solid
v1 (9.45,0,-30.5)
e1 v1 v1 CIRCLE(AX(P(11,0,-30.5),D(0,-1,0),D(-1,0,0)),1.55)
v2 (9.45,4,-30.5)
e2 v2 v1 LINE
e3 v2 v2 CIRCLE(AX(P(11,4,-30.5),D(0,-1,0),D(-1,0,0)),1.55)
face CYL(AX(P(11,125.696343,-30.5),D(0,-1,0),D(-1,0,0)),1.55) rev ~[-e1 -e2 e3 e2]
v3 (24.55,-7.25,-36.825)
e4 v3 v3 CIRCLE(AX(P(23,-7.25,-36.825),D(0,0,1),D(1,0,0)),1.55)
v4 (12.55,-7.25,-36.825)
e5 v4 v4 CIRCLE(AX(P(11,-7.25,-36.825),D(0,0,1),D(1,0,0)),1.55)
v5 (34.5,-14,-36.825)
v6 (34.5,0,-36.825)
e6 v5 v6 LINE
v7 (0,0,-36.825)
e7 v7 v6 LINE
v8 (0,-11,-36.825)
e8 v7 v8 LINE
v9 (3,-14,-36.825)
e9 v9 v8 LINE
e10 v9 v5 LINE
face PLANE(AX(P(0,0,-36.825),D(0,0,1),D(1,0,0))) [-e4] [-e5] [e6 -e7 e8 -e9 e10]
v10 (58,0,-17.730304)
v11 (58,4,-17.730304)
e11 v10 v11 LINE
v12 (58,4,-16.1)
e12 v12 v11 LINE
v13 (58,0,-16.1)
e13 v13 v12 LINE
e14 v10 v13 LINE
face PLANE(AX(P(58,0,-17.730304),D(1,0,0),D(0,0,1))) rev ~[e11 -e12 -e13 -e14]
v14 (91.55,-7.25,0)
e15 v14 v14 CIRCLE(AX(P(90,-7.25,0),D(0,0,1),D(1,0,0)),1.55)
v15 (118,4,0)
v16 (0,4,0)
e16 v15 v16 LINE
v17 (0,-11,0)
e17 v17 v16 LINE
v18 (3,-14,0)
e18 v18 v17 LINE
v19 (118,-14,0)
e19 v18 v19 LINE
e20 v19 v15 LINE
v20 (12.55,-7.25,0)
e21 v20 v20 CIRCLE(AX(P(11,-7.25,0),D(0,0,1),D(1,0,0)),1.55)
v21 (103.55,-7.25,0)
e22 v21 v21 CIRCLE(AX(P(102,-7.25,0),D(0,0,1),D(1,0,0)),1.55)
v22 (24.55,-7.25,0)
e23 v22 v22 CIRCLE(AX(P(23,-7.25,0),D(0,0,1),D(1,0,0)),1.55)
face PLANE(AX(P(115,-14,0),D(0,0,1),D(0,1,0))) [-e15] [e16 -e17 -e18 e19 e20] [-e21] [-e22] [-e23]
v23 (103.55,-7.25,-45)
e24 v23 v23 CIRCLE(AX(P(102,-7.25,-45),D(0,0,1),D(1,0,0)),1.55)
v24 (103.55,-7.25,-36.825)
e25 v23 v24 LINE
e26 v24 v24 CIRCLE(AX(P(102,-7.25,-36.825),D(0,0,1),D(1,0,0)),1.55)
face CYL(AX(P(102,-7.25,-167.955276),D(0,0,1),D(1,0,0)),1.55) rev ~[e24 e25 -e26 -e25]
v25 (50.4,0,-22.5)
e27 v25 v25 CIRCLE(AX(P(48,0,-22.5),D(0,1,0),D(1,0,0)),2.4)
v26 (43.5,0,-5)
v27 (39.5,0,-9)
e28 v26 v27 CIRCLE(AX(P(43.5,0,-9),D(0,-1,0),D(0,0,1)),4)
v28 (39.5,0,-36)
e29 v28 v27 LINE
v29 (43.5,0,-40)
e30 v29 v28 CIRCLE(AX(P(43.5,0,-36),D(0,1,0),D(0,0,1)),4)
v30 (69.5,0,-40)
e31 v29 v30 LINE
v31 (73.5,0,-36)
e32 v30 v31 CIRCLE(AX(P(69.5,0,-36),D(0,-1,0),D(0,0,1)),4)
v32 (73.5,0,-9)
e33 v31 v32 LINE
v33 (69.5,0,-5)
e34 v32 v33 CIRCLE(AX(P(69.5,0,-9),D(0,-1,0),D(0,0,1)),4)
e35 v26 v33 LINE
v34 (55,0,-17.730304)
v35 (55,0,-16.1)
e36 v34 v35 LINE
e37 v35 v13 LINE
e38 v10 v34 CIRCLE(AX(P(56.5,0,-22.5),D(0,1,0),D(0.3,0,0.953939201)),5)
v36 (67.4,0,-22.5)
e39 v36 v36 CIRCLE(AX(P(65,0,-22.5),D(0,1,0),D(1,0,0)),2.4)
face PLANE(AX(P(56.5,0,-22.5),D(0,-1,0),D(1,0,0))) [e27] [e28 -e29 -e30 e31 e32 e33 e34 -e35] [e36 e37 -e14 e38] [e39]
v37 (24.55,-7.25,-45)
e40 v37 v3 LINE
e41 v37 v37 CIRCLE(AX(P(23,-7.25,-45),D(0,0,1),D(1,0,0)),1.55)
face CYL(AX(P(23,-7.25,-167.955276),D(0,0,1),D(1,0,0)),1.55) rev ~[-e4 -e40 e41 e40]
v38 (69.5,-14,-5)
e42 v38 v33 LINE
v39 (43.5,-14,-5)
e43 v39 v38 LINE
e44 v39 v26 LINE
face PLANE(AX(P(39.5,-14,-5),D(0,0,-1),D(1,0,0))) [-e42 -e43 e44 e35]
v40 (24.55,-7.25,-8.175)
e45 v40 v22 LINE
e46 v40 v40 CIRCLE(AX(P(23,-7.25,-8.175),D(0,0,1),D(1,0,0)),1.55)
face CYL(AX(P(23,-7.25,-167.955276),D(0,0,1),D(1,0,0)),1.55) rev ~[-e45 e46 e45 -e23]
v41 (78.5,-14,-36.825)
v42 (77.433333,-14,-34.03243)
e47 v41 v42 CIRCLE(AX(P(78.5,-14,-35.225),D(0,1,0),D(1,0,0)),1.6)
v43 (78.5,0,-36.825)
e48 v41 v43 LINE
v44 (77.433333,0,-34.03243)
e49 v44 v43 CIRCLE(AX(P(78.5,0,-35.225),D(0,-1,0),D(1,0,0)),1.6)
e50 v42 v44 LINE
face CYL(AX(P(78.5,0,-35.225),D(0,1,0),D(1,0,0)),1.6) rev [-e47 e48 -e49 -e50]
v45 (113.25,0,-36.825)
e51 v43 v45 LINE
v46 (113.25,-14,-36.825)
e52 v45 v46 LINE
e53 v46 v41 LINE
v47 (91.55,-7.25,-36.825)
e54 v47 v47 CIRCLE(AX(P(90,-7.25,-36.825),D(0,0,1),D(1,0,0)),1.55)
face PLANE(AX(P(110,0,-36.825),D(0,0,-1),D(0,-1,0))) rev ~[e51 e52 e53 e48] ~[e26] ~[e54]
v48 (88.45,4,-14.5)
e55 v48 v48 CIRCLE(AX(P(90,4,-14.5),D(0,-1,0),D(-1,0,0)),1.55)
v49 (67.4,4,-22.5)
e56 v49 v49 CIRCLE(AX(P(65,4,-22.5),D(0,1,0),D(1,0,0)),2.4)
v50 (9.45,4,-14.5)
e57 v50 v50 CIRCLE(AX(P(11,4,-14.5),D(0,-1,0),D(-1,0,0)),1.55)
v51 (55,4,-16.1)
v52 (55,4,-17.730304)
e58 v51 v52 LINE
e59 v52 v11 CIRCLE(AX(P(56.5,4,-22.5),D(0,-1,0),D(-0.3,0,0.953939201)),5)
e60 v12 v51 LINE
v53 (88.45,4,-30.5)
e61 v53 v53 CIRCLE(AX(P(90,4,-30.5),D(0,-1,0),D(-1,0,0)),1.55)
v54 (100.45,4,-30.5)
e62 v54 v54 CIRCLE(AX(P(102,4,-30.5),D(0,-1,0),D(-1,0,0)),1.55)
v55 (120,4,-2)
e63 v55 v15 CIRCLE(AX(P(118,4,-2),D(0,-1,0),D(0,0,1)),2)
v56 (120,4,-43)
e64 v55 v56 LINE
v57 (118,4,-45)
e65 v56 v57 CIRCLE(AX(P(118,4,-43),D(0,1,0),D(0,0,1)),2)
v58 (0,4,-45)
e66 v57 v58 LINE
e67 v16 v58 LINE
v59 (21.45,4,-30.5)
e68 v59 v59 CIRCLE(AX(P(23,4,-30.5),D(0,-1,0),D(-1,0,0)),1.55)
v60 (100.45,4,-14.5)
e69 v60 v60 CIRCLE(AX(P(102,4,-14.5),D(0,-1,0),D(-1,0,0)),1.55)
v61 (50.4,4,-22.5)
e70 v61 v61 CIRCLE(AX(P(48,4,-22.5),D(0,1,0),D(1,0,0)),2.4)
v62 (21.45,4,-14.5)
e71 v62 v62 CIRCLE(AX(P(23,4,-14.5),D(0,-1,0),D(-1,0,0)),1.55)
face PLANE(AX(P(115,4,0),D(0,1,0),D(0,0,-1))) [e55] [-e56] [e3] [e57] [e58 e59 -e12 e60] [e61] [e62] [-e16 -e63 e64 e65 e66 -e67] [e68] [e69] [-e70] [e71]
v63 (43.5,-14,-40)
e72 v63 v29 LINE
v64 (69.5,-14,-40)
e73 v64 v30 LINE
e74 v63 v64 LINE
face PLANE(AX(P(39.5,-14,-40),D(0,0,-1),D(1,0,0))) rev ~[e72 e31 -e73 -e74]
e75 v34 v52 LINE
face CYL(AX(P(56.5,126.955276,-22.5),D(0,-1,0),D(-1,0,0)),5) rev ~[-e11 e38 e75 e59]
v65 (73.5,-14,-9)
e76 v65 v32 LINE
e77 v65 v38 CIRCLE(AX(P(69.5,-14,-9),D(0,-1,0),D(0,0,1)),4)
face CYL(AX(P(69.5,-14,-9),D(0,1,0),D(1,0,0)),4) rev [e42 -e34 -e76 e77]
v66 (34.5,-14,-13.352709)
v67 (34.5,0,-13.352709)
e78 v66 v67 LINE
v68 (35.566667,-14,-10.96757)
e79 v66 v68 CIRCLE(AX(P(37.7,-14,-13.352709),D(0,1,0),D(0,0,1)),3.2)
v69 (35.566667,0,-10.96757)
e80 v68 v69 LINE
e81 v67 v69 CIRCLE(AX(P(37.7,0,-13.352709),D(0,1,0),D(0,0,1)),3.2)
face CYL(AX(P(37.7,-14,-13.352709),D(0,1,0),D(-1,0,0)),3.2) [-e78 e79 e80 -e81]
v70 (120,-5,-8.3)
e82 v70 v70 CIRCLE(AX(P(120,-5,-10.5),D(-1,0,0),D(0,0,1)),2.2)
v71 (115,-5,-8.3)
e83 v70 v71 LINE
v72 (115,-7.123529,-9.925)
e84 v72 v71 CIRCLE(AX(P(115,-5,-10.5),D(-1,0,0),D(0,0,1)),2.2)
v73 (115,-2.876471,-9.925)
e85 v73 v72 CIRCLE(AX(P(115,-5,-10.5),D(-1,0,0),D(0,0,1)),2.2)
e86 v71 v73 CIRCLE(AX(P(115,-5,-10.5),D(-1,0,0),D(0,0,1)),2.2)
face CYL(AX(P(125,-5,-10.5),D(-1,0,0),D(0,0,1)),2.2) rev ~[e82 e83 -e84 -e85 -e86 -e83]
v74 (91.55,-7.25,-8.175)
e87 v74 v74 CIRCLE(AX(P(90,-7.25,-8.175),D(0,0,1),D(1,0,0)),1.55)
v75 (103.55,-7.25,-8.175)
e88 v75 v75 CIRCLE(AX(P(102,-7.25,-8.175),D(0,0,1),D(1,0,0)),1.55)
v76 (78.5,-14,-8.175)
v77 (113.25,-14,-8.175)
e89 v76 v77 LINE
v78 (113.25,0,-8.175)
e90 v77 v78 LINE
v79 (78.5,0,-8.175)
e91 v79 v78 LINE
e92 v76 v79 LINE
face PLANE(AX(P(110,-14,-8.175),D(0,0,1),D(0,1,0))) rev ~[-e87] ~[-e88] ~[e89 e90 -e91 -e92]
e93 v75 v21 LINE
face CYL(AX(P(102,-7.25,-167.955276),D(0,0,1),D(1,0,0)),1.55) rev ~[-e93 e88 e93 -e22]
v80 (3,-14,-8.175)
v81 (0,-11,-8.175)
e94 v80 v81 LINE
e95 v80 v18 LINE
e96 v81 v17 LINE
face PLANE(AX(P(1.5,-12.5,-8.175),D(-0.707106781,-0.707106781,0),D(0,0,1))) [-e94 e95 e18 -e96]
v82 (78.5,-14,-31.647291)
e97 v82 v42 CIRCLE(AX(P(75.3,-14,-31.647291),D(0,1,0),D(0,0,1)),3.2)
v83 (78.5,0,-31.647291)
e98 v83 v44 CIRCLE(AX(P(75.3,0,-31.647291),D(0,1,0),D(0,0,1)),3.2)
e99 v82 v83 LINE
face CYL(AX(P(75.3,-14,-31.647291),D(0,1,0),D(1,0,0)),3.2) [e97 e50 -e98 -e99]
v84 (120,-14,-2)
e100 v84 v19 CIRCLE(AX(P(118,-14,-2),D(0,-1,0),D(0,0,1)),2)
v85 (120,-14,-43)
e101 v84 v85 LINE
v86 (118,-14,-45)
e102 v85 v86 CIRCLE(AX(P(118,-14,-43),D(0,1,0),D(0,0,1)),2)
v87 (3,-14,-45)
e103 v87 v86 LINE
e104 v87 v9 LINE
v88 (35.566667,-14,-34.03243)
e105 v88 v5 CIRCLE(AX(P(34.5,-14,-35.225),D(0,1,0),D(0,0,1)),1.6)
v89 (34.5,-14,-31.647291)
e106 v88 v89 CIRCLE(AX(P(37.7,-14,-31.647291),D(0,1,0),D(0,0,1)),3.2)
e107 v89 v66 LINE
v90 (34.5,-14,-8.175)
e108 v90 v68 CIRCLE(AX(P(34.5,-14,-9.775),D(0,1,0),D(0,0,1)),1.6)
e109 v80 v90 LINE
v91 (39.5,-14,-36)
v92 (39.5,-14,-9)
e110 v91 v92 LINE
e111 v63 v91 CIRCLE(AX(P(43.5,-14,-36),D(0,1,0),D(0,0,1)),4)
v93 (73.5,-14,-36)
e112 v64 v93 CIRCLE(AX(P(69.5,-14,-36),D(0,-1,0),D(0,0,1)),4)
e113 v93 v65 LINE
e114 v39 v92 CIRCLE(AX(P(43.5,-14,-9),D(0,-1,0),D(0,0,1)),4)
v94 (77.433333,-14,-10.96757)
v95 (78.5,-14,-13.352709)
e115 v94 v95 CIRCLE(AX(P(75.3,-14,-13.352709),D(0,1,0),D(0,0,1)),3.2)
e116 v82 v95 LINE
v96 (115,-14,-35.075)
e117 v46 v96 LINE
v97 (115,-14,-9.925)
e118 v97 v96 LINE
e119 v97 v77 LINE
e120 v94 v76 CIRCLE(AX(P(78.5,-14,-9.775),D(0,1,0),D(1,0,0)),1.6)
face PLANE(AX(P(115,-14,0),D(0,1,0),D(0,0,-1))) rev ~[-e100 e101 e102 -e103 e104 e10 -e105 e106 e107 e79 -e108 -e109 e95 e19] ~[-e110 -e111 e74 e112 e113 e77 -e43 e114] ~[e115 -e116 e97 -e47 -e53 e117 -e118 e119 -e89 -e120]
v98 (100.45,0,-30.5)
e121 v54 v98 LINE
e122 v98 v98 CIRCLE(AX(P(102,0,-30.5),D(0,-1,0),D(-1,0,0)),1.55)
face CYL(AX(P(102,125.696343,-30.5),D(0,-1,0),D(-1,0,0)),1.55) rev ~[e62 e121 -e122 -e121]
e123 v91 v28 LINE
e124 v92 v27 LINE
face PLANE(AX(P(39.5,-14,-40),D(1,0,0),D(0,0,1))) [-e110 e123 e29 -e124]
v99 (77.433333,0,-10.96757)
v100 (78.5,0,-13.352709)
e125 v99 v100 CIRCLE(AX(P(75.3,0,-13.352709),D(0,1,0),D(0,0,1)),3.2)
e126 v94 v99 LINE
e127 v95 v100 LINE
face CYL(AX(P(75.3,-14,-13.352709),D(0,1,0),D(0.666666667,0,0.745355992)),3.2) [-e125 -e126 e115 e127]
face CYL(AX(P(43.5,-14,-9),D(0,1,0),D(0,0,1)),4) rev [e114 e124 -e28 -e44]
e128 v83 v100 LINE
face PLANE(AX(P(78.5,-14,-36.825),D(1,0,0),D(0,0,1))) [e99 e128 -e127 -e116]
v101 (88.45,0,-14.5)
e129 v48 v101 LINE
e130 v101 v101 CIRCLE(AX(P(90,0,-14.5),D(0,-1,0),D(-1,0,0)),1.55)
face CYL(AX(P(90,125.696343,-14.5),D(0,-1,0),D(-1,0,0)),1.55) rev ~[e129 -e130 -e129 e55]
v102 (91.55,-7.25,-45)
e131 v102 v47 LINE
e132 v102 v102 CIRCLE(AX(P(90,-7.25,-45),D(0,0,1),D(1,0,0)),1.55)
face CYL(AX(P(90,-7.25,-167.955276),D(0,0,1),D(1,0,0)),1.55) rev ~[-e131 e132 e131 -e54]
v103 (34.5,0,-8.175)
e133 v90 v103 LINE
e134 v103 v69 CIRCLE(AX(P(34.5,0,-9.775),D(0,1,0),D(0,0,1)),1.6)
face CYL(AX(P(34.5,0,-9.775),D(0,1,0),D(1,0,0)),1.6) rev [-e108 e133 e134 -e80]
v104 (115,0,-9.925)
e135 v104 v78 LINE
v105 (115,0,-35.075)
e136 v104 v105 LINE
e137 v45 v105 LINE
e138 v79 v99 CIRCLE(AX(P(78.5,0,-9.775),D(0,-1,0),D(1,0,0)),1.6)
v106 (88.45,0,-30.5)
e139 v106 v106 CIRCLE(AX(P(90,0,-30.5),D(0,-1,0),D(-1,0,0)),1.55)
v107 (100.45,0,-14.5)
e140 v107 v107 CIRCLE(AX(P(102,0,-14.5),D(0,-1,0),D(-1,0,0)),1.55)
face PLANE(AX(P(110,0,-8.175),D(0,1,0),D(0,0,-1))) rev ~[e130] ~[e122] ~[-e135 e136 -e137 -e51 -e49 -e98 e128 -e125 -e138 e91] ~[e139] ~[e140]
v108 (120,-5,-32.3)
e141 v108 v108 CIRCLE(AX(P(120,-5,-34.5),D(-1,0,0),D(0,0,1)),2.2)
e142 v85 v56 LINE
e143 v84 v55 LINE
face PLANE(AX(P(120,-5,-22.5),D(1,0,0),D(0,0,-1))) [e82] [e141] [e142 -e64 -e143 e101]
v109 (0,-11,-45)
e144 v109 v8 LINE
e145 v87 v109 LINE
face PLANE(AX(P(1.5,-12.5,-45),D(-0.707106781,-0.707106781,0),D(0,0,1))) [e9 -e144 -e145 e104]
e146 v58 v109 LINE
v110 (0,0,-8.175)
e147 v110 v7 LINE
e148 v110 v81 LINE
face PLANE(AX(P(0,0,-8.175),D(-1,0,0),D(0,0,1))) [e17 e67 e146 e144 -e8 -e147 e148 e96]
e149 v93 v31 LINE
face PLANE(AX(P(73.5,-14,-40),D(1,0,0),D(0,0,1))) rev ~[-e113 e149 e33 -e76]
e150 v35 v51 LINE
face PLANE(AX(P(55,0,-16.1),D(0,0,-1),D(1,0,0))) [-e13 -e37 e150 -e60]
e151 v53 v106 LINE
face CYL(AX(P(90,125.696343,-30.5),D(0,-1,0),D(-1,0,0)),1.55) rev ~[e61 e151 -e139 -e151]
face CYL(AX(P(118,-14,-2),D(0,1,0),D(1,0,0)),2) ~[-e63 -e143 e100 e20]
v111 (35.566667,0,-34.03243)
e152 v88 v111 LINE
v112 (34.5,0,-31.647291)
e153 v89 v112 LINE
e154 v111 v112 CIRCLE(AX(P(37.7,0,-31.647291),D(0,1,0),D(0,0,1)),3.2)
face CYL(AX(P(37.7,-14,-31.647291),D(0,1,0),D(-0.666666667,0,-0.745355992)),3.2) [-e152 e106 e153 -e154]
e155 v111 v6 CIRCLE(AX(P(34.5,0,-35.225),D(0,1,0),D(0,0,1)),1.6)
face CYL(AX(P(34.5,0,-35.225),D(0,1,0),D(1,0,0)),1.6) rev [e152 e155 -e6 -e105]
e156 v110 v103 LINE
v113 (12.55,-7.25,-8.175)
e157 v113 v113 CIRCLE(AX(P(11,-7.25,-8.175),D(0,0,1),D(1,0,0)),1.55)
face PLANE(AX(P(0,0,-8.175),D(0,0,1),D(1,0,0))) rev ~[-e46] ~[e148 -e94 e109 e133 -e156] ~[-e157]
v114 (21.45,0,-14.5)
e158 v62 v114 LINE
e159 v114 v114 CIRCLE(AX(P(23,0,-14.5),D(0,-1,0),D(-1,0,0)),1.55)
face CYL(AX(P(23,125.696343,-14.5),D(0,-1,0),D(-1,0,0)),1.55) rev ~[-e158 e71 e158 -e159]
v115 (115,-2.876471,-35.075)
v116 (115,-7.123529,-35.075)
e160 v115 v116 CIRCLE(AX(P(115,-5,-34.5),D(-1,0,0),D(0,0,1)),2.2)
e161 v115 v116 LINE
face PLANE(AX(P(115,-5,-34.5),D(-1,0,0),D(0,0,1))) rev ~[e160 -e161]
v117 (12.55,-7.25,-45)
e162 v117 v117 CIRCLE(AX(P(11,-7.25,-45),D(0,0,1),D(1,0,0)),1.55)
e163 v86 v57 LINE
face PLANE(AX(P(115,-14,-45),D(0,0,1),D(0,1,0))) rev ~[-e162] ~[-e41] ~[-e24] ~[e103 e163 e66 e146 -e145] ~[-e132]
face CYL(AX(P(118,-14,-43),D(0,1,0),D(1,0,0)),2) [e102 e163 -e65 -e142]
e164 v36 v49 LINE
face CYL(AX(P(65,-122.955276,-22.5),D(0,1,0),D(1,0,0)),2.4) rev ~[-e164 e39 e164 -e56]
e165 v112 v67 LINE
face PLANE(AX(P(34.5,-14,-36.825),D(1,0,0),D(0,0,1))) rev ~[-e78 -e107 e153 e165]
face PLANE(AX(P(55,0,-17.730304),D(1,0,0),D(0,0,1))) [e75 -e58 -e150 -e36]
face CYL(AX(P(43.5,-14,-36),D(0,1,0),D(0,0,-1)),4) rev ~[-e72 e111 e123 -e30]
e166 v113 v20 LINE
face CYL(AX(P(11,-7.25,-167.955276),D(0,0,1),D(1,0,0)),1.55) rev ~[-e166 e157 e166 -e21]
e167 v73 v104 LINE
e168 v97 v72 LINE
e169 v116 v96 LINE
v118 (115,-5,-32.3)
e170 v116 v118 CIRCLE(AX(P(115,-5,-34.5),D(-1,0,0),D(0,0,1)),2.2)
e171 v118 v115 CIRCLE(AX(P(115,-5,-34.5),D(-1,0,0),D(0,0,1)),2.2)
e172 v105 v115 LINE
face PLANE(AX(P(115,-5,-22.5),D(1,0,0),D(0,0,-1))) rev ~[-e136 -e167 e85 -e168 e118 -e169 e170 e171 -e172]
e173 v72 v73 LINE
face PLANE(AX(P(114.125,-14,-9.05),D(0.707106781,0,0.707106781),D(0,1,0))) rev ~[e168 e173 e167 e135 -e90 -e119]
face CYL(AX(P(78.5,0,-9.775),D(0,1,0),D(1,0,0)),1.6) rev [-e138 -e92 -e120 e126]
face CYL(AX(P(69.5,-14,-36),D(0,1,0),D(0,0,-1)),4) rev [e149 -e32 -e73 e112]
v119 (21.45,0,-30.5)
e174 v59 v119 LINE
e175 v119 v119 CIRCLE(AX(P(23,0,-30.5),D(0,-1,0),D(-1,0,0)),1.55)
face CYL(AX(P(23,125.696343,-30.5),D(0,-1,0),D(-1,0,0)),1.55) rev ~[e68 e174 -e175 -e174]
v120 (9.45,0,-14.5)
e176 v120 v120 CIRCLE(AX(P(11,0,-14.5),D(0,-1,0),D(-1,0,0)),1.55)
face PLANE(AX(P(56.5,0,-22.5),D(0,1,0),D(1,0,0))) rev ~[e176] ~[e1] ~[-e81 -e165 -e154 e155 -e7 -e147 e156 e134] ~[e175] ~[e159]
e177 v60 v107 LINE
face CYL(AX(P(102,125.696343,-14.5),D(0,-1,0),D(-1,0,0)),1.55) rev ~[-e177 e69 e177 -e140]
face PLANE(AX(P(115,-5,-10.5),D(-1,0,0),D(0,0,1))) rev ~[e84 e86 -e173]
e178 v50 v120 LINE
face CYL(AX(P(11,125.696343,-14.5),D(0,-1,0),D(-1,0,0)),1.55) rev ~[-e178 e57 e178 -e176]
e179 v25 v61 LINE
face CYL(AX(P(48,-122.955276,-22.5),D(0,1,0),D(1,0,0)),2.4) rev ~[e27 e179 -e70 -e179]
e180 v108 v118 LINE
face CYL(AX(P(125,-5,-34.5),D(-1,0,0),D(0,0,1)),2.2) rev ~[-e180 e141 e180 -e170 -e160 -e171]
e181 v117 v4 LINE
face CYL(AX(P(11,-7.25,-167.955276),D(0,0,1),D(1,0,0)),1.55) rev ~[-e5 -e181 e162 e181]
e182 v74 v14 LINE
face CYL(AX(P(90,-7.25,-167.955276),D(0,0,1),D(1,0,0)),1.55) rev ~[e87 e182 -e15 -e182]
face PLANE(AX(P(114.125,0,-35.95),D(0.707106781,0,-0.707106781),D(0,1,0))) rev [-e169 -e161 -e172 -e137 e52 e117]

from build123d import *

# Parameters (mm, degrees)
SKETCH1_W                      = 113
SKETCH1_H                      = 45
BOSS_EXTRUDE1_DEPTH            = 4
M2_5_CLEARANCE_HOLE2_D         = 3.1
SKETCH5_W                      = 113
SKETCH5_H                      = 8.175
BOSS_EXTRUDE2_DEPTH            = 14
BOSS_EXTRUDE3_REACH            = 124.955
SKETCH7_W                      = 44
SKETCH7_H                      = 28.65
M2_5_CLEARANCE_HOLE1_D         = 3.1
SKETCH11_W                     = 34
SKETCH11_H                     = 35
CUT_EXTRUDE1_DEPTH             = 14
F_10_0MM_DOWEL_HOLE1_D         = 10
FILLET1_R                      = 4
CUT_EXTRUDE2_DEPTH             = 123.955276422
CUT_EXTRUDE2_DEPTH_BACK        = 14
SKETCH15_R                     = 1.6
FILLET2_R                      = 3.2
CHAMFER1_SIZE                  = 3
SKETCH20_W                     = 3
SKETCH20_H                     = 1.630303993
CUT_EXTRUDE4_DEPTH             = 123.433655504
M4_CLEARANCE_HOLE2_D           = 4.8
BOSS_EXTRUDE5_DEPTH            = 2
BOSS_EXTRUDE5_DEPTH_BACK       = 3
SKETCH29_W                     = 45
SKETCH29_H                     = 18
BOSS_EXTRUDE6_DEPTH            = 5
CHAMFER2_SIZE                  = 1.75
F_4_4_4_4_DIAMETER_HOLE1_D     = 4.4
F_4_4_4_4_DIAMETER_HOLE1_DEPTH = 5
FILLET3_R                      = 2


with BuildPart() as part:
    # Sketch1 → Boss-Extrude1 (new body)
    with BuildSketch(Plane(origin=(0, 0, 0), x_dir=(1, 0, 0), z_dir=(0, 1, 0))):
        with Locations((56.5, 22.5)):
            Rectangle(SKETCH1_W, SKETCH1_H)
    extrude(amount=BOSS_EXTRUDE1_DEPTH)

    # M2.5 Clearance Hole2 (through all)
    with Locations(Plane(origin=(0, 4, 0), x_dir=(1, 0, 0), z_dir=(0, 1, 0))):
        with Locations((11, 30.5), (23, 30.5), (23, 14.5), (11, 14.5), (102, 14.5), (90, 14.5), (90, 30.5), (102, 30.5)):
            Hole(M2_5_CLEARANCE_HOLE2_D / 2)

    # Sketch5 → Boss-Extrude2 (add)
    with BuildSketch(Plane.XZ):
        with Locations((56.5, -4.0875)):
            Rectangle(SKETCH5_W, SKETCH5_H)
        with Locations((56.5, -40.9125)):
            Rectangle(SKETCH5_W, SKETCH5_H)
    extrude(amount=BOSS_EXTRUDE2_DEPTH)

    # Sketch7 → Boss-Extrude3 (add, up to next)
    with BuildSketch(Plane.XZ.offset(14), mode=Mode.PRIVATE) as boss_extrude3_sk1:
        with Locations((56.5, -22.5)):
            Rectangle(SKETCH7_W, SKETCH7_H)
    boss_extrude3_tool1 = extrude(boss_extrude3_sk1.sketch, amount=-BOSS_EXTRUDE3_REACH, mode=Mode.PRIVATE) - part.part
    add(boss_extrude3_tool1.solids().sort_by_distance((56.5, -14, -22.5))[0])

    # M2.5 Clearance Hole1 (through all)
    with Locations(Plane(origin=(0, 0, -45), x_dir=(-1, 0, 0), z_dir=(0, 0, -1))):
        with Locations((-11, -7.25), (-23, -7.25), (-102, -7.25), (-90, -7.25)):
            Hole(M2_5_CLEARANCE_HOLE1_D / 2)

    # Sketch11 → Cut-Extrude1 (cut)
    with BuildSketch(Plane.XZ.offset(14)):
        with Locations((56.5, -22.5)):
            Rectangle(SKETCH11_W, SKETCH11_H)
    extrude(amount=-CUT_EXTRUDE1_DEPTH, mode=Mode.SUBTRACT)

    # Ø10.0mm Dowel Hole1 (through all)
    with Locations(Plane(origin=(0, 4, 0), x_dir=(1, 0, 0), z_dir=(0, 1, 0))):
        with Locations((56.5, 22.5)):
            Hole(F_10_0MM_DOWEL_HOLE1_D / 2)

    # Fillet1
    fillet1_edges = [part.edges().sort_by_distance(p)[0] for p in [
        (73.5, -7, -40),
        (39.5, -7, -40),
        (39.5, -7, -5),
        (73.5, -7, -5),
    ]]
    fillet(fillet1_edges, radius=FILLET1_R)

    # Sketch15 → Cut-Extrude2 (cut, two sides: drawn at the far end of the back side and taken through both)
    with BuildSketch(Plane.XZ.offset(14).offset(-CUT_EXTRUDE2_DEPTH_BACK)):
        with Locations((34.5, -9.775)):
            Circle(SKETCH15_R)
        with Locations((34.5, -35.225)):
            Circle(SKETCH15_R)
        with Locations((78.5, -9.775)):
            Circle(SKETCH15_R)
        with Locations((78.5, -35.225)):
            Circle(SKETCH15_R)
    extrude(amount=CUT_EXTRUDE2_DEPTH + CUT_EXTRUDE2_DEPTH_BACK, mode=Mode.SUBTRACT)

    # Fillet2
    fillet2_edges = [part.edges().sort_by_distance(p)[0] for p in [
        (78.5, -7, -33.625),
        (78.5, -7, -11.375),
        (34.5, -7, -33.625),
        (34.5, -7, -11.375),
    ]]
    fillet(fillet2_edges, radius=FILLET2_R)

    # Chamfer1
    chamfer1_edges = [part.edges().sort_by_distance(p)[0] for p in [
        (113, -14, -40.9125),
        (113, -14, -4.0875),
        (0, -14, -40.9125),
        (0, -14, -4.0875),
    ]]
    chamfer(chamfer1_edges, length=CHAMFER1_SIZE)

    # Sketch20 → Cut-Extrude4 (cut, through all)
    with BuildSketch(Plane.XZ):
        with Locations((56.5, -16.915151997)):
            Rectangle(SKETCH20_W, SKETCH20_H)
    extrude(amount=-CUT_EXTRUDE4_DEPTH, mode=Mode.SUBTRACT)

    # M4 Clearance Hole2 (through all)
    with Locations(Plane(origin=(0, 0, 0), x_dir=(-1, 0, 0), z_dir=(0, -1, 0))):
        with Locations((-48, 22.5), (-65, 22.5)):
            Hole(M4_CLEARANCE_HOLE2_D / 2)

    # Sketch28 → Boss-Extrude5 (add, two sides: drawn at the far end of the back side and taken through both)
    with BuildSketch(Plane(origin=(113, 0, 0), x_dir=(0, 0, -1), z_dir=(1, 0, 0)).offset(-BOSS_EXTRUDE5_DEPTH_BACK)):
        Polygon((45, -14), (45, -11), (45, 4), (0, 4), (0, -11), (0, -14), (8.175, -14), (8.175, -11), (8.175, 0), (36.825, 0), (36.825, -11), (36.825, -14), align=None)
    extrude(amount=BOSS_EXTRUDE5_DEPTH + BOSS_EXTRUDE5_DEPTH_BACK)

    # Sketch29 → Boss-Extrude6 (add)
    with BuildSketch(Plane(origin=(115, 0, 0), x_dir=(0, 0, -1), z_dir=(1, 0, 0))):
        with Locations((22.5, -5)):
            Rectangle(SKETCH29_W, SKETCH29_H)
    extrude(amount=BOSS_EXTRUDE6_DEPTH)

    # Chamfer2
    chamfer2_edges = [part.edges().sort_by_distance(p)[0] for p in [
        (115, -7, -8.175),
        (115, -7, -36.825),
    ]]
    chamfer(chamfer2_edges, length=CHAMFER2_SIZE)

    # Ø4.4 (4.4) Diameter Hole1
    with Locations(Plane(origin=(120, 0, 0), x_dir=(0, 0, -1), z_dir=(1, 0, 0))):
        with Locations((34.5, -5), (10.5, -5)):
            Hole(F_4_4_4_4_DIAMETER_HOLE1_D / 2, depth=F_4_4_4_4_DIAMETER_HOLE1_DEPTH)

    # Fillet3
    fillet3_edges = [part.edges().sort_by_distance(p)[0] for p in [
        (120, -5, 0),
        (120, -5, -45),
    ]]
    fillet(fillet3_edges, radius=FILLET3_R)


solid = part.part
